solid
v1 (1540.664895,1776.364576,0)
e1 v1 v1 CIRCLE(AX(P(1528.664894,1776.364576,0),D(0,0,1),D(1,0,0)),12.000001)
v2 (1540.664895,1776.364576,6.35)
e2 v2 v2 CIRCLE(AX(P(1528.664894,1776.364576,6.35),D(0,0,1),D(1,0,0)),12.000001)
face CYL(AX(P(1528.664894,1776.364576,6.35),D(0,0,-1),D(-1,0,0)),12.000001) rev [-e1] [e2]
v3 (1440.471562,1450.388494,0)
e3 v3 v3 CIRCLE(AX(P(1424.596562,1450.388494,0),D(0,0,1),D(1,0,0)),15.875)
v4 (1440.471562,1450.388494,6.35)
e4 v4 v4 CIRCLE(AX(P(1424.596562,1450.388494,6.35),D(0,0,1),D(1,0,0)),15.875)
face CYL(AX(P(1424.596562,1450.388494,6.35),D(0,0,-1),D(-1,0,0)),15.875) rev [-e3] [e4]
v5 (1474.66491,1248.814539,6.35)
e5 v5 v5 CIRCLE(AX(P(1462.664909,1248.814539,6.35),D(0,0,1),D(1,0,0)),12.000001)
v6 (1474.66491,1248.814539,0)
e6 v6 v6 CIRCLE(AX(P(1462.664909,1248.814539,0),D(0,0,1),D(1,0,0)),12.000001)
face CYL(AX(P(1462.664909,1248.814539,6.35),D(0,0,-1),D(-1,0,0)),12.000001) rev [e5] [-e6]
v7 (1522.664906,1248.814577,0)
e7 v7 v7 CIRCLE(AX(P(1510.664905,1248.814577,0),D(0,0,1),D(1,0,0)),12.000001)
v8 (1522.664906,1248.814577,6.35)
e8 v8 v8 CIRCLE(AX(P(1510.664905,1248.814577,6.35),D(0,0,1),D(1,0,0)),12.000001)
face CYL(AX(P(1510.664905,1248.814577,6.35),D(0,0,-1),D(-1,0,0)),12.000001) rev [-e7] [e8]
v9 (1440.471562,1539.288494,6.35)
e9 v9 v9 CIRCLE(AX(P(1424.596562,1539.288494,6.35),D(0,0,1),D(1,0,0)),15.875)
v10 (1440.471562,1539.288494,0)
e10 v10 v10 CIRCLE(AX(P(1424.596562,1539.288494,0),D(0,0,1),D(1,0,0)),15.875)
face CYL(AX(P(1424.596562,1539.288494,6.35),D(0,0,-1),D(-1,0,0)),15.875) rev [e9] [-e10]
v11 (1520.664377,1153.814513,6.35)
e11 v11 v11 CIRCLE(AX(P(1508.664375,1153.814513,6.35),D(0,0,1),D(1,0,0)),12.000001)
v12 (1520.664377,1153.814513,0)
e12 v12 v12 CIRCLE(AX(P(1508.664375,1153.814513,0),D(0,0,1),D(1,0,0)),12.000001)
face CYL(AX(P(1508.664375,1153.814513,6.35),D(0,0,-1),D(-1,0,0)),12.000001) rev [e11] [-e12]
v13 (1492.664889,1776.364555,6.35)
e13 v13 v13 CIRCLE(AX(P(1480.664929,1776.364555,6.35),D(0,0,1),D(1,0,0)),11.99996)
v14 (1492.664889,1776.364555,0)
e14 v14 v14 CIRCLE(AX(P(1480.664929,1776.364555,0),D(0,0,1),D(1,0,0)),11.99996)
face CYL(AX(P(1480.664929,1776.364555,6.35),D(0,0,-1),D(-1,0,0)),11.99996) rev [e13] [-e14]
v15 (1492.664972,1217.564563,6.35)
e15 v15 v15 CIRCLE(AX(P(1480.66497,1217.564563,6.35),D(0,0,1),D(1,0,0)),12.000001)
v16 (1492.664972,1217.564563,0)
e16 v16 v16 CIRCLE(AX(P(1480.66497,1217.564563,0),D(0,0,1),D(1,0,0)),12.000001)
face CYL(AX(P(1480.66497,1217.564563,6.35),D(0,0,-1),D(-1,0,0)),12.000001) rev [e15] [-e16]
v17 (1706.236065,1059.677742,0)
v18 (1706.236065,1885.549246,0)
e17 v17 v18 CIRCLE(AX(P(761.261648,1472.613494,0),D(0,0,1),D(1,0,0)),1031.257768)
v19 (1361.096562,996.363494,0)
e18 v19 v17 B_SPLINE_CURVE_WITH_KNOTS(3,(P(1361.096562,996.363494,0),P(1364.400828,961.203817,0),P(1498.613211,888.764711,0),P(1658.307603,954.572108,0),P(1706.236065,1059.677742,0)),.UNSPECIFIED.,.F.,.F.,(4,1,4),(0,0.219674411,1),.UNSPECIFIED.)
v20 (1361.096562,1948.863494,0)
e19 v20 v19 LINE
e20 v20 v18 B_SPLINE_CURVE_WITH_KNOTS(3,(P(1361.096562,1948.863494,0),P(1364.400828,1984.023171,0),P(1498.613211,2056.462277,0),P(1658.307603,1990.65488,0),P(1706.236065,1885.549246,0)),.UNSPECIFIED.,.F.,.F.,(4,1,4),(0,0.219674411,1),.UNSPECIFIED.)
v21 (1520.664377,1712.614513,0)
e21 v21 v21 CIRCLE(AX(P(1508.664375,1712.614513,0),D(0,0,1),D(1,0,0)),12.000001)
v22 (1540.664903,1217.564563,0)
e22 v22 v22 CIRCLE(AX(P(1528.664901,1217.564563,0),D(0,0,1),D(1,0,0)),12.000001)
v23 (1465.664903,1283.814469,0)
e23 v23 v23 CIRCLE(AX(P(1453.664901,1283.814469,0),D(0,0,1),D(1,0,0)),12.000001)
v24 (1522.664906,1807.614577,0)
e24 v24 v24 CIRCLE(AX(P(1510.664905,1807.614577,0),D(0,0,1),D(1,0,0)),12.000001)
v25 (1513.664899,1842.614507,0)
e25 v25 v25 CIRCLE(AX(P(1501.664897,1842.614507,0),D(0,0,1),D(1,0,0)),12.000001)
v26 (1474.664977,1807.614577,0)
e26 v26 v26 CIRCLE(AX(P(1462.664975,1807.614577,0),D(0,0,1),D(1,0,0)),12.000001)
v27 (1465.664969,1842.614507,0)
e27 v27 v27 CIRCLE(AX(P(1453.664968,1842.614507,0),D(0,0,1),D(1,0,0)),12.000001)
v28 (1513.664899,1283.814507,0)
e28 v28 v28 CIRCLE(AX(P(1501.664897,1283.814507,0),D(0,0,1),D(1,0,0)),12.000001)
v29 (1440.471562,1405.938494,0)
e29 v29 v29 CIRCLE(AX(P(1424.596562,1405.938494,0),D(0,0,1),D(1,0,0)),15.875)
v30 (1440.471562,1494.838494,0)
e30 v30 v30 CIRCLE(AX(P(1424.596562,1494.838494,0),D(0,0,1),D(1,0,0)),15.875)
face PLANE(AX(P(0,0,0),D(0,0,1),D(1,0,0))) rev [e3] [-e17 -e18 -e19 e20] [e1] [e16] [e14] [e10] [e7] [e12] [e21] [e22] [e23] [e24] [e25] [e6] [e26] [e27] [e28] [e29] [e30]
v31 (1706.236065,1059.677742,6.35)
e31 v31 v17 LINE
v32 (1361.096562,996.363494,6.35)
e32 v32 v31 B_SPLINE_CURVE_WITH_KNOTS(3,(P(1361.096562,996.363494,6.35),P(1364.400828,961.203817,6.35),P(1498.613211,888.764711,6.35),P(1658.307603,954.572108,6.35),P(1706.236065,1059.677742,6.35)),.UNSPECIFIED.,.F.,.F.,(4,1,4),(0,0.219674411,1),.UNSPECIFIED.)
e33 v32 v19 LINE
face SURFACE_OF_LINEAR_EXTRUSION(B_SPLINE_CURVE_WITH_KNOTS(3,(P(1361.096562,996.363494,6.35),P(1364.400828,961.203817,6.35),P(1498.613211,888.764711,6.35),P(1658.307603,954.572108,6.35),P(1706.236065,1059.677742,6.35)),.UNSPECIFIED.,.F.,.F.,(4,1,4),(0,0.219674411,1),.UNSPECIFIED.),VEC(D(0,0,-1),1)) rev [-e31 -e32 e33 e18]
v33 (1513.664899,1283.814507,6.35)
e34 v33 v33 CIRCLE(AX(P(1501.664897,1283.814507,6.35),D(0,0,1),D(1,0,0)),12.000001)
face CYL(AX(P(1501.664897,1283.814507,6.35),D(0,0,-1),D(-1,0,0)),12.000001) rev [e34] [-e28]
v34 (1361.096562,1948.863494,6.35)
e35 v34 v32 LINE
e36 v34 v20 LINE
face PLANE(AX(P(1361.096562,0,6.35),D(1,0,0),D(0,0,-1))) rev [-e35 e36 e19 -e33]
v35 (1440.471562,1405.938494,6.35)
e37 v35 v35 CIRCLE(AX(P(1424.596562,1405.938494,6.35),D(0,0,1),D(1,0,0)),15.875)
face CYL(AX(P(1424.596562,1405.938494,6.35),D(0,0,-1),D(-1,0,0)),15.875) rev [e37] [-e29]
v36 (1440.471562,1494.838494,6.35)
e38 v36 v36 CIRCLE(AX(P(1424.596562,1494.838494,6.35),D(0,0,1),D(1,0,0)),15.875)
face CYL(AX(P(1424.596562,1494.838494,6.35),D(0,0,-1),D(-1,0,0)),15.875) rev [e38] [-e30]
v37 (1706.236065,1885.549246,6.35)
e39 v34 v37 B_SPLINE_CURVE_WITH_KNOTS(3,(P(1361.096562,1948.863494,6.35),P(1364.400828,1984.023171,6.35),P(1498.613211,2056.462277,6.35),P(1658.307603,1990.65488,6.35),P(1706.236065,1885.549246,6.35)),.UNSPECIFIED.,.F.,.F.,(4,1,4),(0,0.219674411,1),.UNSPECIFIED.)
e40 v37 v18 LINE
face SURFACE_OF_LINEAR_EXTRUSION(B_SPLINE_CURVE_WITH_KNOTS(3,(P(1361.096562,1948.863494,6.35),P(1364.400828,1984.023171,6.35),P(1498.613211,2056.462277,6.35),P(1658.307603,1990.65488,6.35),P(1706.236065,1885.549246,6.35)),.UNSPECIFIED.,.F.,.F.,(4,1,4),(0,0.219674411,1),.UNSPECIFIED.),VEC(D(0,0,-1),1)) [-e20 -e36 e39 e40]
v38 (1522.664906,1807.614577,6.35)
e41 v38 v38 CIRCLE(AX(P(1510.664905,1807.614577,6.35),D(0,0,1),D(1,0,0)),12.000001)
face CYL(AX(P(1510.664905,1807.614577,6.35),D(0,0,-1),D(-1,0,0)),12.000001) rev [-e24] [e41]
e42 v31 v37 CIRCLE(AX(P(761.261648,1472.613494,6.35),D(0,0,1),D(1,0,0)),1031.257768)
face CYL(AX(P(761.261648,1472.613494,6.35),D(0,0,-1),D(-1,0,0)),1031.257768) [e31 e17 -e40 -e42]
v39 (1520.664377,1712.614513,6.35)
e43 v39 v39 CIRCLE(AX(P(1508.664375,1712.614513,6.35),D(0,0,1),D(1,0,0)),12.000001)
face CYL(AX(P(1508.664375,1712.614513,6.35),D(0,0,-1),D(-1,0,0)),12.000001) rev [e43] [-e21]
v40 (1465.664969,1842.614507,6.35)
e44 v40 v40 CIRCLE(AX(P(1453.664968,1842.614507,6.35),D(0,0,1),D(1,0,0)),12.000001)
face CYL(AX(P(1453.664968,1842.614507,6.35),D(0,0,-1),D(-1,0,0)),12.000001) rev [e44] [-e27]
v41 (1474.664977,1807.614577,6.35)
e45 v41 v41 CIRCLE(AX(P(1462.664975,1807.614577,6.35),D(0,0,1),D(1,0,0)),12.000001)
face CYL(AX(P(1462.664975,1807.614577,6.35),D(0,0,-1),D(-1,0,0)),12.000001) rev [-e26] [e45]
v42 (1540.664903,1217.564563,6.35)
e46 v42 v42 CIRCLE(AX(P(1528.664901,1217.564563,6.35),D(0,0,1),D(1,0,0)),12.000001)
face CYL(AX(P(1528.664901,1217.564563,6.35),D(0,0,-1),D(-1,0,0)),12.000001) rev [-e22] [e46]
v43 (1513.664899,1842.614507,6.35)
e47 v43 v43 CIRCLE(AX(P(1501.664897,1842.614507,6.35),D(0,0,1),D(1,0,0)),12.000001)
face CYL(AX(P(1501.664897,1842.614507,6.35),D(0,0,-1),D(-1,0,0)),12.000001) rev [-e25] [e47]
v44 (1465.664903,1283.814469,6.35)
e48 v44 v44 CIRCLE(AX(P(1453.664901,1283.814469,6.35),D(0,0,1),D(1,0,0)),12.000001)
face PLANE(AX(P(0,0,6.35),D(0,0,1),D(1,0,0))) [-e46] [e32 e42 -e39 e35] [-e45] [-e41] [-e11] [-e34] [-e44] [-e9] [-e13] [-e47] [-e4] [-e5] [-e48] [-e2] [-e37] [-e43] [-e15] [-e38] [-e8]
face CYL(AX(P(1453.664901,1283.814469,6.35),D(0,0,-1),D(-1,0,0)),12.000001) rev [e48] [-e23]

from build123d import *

# Parameters (mm, degrees)
SKETCH1_R           = 12.0000014
SKETCH1_R_2         = 11.999960371
SKETCH1_R_3         = 15.875
BOSS_EXTRUDE1_DEPTH = 6.35


with BuildPart() as part:
    # Sketch1 → Boss-Extrude1 (new body)
    with BuildSketch(Plane.XY):
        with BuildLine():
            add(Edge.make_bspline(
                [(1361.096561672, 1948.863494174), (1364.400827848, 1984.023171072), (1498.613211066, 2056.462277252), (1658.30760281, 1990.654880293), (1706.236065024, 1885.549246122)],
                knots=[0, 0, 0, 0, 0.219674411, 1, 1, 1, 1], degree=3))
            ThreePointArc((1706.236065024, 1885.549246122), (1792.519416012, 1472.613494175), (1706.236065024, 1059.677742228))
            add(Edge.make_bspline(
                [(1361.096561672, 996.363494176), (1364.400827848, 961.203817278), (1498.613211066, 888.764711097), (1658.30760281, 954.572108057), (1706.236065024, 1059.677742228)],
                knots=[0, 0, 0, 0, 0.219674411, 1, 1, 1, 1], degree=3))
            Line((1361.096561672, 996.363494176), (1361.096561672, 1948.863494174))
        make_face()
        with Locations((1453.664967726, 1842.614506828)):
            Circle(SKETCH1_R, mode=Mode.SUBTRACT)
        with Locations((1480.66492898, 1776.364555337)):
            Circle(SKETCH1_R_2, mode=Mode.SUBTRACT)
        with Locations((1462.664975126, 1807.614576828)):
            Circle(SKETCH1_R, mode=Mode.SUBTRACT)
        with Locations((1528.664893926, 1776.364575828)):
            Circle(SKETCH1_R, mode=Mode.SUBTRACT)
        with Locations((1510.664904526, 1807.614576828)):
            Circle(SKETCH1_R, mode=Mode.SUBTRACT)
        with Locations((1501.664897126, 1842.614506828)):
            Circle(SKETCH1_R, mode=Mode.SUBTRACT)
        with Locations((1424.596561672, 1405.938494174)):
            Circle(SKETCH1_R_3, mode=Mode.SUBTRACT)
        with Locations((1424.596561672, 1450.388494174)):
            Circle(SKETCH1_R_3, mode=Mode.SUBTRACT)
        with Locations((1424.596561672, 1494.838494174)):
            Circle(SKETCH1_R_3, mode=Mode.SUBTRACT)
        with Locations((1424.596561672, 1539.288494174)):
            Circle(SKETCH1_R_3, mode=Mode.SUBTRACT)
        with Locations((1501.664897126, 1283.814506828)):
            Circle(SKETCH1_R, mode=Mode.SUBTRACT)
        with Locations((1480.664970258, 1217.564562981)):
            Circle(SKETCH1_R, mode=Mode.SUBTRACT)
        with Locations((1528.664901326, 1217.564562981)):
            Circle(SKETCH1_R, mode=Mode.SUBTRACT)
        with Locations((1453.664901229, 1283.814468752)):
            Circle(SKETCH1_R, mode=Mode.SUBTRACT)
        with Locations((1508.664375126, 1712.614512828)):
            Circle(SKETCH1_R, mode=Mode.SUBTRACT)
        with Locations((1508.664375126, 1153.814512828)):
            Circle(SKETCH1_R, mode=Mode.SUBTRACT)
        with Locations((1462.664908629, 1248.814538752)):
            Circle(SKETCH1_R, mode=Mode.SUBTRACT)
        with Locations((1510.664904526, 1248.814576828)):
            Circle(SKETCH1_R, mode=Mode.SUBTRACT)
    extrude(amount=BOSS_EXTRUDE1_DEPTH)


solid = part.part
